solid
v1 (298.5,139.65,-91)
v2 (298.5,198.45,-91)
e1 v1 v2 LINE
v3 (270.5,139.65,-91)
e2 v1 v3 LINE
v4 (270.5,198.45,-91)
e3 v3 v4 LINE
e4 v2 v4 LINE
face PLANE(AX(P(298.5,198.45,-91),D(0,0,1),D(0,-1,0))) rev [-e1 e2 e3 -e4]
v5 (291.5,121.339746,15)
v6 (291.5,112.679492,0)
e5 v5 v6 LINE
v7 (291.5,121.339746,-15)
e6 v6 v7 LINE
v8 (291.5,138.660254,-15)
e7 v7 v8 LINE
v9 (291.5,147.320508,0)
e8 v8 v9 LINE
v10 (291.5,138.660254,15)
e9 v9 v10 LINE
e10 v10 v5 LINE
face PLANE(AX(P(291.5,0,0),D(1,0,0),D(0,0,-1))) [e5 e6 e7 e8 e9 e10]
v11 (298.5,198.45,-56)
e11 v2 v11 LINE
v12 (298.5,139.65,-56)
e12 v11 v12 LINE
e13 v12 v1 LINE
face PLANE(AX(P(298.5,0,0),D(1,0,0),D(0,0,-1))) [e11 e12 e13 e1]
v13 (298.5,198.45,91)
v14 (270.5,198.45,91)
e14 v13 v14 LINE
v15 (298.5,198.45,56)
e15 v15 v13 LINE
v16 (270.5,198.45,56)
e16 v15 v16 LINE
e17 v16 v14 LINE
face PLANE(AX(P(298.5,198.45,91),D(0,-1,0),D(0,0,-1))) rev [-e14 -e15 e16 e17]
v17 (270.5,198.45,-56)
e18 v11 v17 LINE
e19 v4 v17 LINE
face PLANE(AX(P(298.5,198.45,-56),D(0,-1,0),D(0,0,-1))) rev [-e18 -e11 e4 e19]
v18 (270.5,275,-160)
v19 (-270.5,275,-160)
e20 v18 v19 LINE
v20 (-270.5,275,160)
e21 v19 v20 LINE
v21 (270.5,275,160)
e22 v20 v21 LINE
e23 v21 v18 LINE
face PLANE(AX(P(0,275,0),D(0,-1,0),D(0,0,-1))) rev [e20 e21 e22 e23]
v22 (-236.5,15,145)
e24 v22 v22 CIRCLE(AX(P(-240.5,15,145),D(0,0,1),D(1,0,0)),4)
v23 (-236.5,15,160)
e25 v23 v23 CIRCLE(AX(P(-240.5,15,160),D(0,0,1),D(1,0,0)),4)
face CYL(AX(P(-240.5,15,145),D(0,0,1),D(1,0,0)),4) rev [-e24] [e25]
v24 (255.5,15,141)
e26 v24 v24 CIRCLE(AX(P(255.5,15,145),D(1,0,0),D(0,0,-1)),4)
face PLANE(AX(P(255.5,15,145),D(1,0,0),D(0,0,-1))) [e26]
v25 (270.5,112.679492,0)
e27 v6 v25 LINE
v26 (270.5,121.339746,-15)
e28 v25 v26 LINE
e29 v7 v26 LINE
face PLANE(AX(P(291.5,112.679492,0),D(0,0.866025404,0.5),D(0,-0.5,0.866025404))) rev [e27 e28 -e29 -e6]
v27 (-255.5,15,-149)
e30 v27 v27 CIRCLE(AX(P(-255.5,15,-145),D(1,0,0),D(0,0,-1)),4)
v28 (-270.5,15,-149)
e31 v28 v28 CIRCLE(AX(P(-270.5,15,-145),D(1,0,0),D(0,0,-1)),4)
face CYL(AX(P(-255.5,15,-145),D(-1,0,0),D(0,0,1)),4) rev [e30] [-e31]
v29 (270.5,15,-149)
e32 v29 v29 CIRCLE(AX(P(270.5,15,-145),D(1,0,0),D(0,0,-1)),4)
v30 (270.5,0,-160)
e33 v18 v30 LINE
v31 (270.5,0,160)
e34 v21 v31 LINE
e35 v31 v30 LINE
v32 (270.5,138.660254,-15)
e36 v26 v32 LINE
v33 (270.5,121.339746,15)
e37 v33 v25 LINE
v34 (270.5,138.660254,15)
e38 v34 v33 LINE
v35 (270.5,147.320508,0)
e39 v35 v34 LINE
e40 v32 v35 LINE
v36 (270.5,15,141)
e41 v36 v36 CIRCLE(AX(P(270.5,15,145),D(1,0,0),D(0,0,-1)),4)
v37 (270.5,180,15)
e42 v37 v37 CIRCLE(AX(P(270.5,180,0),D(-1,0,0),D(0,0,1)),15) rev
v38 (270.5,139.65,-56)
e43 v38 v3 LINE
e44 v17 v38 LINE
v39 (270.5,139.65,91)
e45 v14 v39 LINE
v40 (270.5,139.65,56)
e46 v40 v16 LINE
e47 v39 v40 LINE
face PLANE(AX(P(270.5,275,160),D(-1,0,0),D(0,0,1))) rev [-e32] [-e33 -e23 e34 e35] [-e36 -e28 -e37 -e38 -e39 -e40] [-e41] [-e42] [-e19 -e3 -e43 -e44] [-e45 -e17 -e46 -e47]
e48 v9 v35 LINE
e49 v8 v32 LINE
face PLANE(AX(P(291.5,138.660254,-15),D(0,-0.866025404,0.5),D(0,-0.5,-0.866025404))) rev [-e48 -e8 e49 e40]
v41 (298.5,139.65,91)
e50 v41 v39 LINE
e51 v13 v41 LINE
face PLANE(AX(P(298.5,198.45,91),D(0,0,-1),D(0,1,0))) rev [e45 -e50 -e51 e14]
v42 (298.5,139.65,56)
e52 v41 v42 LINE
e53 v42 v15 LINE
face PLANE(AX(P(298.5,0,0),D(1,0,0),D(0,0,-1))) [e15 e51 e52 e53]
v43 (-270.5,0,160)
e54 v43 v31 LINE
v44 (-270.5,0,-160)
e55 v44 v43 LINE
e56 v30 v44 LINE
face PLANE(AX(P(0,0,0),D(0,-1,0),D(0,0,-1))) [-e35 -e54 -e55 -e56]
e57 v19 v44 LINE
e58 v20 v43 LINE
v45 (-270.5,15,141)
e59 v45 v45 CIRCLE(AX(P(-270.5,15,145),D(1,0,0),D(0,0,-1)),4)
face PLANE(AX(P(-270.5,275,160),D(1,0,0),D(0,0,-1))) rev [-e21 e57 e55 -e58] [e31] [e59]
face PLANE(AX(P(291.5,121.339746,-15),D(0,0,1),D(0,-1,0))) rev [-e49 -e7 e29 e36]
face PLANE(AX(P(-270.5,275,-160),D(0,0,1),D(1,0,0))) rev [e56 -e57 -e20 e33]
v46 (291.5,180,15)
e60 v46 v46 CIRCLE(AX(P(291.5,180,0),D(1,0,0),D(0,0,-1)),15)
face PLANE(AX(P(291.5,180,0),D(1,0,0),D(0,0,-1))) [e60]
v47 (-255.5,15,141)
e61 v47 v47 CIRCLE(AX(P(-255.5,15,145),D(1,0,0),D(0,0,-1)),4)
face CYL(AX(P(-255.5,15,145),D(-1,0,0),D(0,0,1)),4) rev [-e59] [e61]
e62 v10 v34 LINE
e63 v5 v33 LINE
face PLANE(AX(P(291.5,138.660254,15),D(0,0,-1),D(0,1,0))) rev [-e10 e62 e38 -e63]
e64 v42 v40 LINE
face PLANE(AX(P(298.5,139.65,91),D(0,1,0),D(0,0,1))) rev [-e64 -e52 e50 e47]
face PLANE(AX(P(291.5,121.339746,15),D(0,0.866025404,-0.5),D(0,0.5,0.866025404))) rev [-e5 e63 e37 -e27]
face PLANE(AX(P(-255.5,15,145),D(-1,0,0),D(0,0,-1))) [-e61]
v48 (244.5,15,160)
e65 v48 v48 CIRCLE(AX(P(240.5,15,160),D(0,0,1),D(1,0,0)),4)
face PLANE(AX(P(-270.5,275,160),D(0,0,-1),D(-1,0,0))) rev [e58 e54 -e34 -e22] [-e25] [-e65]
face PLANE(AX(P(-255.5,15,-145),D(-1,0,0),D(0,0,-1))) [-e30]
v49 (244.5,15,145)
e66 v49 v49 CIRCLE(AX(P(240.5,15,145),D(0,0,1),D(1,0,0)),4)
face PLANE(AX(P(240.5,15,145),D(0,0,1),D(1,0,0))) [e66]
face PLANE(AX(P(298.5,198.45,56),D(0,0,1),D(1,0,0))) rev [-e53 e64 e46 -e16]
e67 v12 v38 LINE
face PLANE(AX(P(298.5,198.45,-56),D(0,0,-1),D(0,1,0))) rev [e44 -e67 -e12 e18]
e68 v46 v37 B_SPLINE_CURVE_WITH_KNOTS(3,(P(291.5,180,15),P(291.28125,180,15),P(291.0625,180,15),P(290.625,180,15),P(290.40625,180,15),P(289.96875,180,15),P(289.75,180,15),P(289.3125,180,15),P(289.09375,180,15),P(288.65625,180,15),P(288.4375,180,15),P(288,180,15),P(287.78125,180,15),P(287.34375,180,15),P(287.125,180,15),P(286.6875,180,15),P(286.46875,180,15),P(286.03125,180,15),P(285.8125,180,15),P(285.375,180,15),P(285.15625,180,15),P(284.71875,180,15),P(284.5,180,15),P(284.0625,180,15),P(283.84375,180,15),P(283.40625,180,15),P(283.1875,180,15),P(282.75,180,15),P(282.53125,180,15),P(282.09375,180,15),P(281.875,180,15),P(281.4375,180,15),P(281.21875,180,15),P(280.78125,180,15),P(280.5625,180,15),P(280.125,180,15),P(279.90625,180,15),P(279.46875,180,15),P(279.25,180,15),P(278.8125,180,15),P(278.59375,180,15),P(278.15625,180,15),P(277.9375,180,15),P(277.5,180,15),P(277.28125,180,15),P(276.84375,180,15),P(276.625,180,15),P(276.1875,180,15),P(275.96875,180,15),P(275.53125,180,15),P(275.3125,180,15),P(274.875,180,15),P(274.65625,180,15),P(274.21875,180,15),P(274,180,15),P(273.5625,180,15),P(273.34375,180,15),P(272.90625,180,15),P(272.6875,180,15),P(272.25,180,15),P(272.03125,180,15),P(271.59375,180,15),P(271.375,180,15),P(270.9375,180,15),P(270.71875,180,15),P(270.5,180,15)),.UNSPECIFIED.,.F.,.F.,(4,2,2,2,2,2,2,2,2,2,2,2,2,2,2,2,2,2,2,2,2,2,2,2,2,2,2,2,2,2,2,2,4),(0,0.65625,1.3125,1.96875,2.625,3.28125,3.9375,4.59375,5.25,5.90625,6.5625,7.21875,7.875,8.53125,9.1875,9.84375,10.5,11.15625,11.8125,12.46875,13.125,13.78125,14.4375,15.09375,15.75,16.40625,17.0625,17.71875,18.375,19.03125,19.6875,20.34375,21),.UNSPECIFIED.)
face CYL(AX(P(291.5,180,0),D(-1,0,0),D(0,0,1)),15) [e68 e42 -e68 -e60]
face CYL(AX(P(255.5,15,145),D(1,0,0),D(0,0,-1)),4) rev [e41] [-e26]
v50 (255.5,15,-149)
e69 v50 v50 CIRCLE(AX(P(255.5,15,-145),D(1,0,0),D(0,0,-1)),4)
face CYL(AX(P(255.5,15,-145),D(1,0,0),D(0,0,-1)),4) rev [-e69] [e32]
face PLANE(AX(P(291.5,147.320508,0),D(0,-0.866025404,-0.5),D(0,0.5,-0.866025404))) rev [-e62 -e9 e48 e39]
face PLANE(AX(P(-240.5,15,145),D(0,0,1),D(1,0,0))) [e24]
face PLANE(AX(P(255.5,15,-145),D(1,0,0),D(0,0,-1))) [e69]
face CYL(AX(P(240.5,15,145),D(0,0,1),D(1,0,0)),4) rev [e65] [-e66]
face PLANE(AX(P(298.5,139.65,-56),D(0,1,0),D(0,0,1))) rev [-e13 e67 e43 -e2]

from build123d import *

# Parameters (mm, degrees)
SCHIZZO1_W                   = 541
SCHIZZO1_H                   = 320
ESTRUSIONE_ESTRUSIONE1_DEPTH = 275
SCHIZZO2_W                   = 35
SCHIZZO2_H                   = 58.8
ESTRUSIONE_ESTRUSIONE2_DEPTH = 28
SCHIZZO3_R                   = 15
ESTRUSIONE_ESTRUSIONE3_DEPTH = 21
SCHIZZO4_R                   = 4
TAGLIO_ESTRUSIONE1_DEPTH     = 15
SCHIZZO5_R                   = 4
TAGLIO_ESTRUSIONE2_DEPTH     = 15


with BuildPart() as part:
    # Schizzo1 → Estrusione-Estrusione1 (new body)
    with BuildSketch(Plane(origin=(0, 0, 0), x_dir=(1, 0, 0), z_dir=(0, 1, 0))):
        Rectangle(SCHIZZO1_W, SCHIZZO1_H)
    extrude(amount=ESTRUSIONE_ESTRUSIONE1_DEPTH)

    # Schizzo2 → Estrusione-Estrusione2 (add)
    with BuildSketch(Plane(origin=(270.5, 0, 0), x_dir=(0, 0, -1), z_dir=(1, 0, 0))):
        with Locations((-73.5, 169.05)):
            Rectangle(SCHIZZO2_W, SCHIZZO2_H)
        with Locations((73.5, 169.05)):
            Rectangle(SCHIZZO2_W, SCHIZZO2_H)
    extrude(amount=ESTRUSIONE_ESTRUSIONE2_DEPTH)

    # Schizzo3 → Estrusione-Estrusione3 (add)
    with BuildSketch(Plane(origin=(270.5, 0, 0), x_dir=(0, 0, -1), z_dir=(1, 0, 0))):
        with Locations(Location((0, 180, 0), (0, 0, 180))):
            Circle(SCHIZZO3_R)
        Polygon((0, 147.320508076), (-15, 138.660254038), (-15, 121.339745962), (0, 112.679491924), (15, 121.339745962), (15, 138.660254038), align=None)
    extrude(amount=ESTRUSIONE_ESTRUSIONE3_DEPTH)

    # Schizzo4 → Taglio-Estrusione1 (cut)
    with BuildSketch(Plane(origin=(270.5, 0, 0), x_dir=(0, 0, -1), z_dir=(1, 0, 0))):
        with Locations((-145, 15)):
            Circle(SCHIZZO4_R)
        with Locations((145, 15)):
            Circle(SCHIZZO4_R)
    taglio_estrusione1 = extrude(amount=-TAGLIO_ESTRUSIONE1_DEPTH, mode=Mode.SUBTRACT)

    # Specchia1: Taglio-Estrusione1 across plane
    add(taglio_estrusione1.mirror(Plane(origin=(0, 0, 0), x_dir=(0, 0, 1), z_dir=(1, 0, 0))), mode=Mode.SUBTRACT)

    # Schizzo5 → Taglio-Estrusione2 (cut)
    with BuildSketch(Plane.XY.offset(160)):
        with Locations((-240.5, 15)):
            Circle(SCHIZZO5_R)
        with Locations((240.5, 15)):
            Circle(SCHIZZO5_R)
    extrude(amount=-TAGLIO_ESTRUSIONE2_DEPTH, mode=Mode.SUBTRACT)


solid = part.part
